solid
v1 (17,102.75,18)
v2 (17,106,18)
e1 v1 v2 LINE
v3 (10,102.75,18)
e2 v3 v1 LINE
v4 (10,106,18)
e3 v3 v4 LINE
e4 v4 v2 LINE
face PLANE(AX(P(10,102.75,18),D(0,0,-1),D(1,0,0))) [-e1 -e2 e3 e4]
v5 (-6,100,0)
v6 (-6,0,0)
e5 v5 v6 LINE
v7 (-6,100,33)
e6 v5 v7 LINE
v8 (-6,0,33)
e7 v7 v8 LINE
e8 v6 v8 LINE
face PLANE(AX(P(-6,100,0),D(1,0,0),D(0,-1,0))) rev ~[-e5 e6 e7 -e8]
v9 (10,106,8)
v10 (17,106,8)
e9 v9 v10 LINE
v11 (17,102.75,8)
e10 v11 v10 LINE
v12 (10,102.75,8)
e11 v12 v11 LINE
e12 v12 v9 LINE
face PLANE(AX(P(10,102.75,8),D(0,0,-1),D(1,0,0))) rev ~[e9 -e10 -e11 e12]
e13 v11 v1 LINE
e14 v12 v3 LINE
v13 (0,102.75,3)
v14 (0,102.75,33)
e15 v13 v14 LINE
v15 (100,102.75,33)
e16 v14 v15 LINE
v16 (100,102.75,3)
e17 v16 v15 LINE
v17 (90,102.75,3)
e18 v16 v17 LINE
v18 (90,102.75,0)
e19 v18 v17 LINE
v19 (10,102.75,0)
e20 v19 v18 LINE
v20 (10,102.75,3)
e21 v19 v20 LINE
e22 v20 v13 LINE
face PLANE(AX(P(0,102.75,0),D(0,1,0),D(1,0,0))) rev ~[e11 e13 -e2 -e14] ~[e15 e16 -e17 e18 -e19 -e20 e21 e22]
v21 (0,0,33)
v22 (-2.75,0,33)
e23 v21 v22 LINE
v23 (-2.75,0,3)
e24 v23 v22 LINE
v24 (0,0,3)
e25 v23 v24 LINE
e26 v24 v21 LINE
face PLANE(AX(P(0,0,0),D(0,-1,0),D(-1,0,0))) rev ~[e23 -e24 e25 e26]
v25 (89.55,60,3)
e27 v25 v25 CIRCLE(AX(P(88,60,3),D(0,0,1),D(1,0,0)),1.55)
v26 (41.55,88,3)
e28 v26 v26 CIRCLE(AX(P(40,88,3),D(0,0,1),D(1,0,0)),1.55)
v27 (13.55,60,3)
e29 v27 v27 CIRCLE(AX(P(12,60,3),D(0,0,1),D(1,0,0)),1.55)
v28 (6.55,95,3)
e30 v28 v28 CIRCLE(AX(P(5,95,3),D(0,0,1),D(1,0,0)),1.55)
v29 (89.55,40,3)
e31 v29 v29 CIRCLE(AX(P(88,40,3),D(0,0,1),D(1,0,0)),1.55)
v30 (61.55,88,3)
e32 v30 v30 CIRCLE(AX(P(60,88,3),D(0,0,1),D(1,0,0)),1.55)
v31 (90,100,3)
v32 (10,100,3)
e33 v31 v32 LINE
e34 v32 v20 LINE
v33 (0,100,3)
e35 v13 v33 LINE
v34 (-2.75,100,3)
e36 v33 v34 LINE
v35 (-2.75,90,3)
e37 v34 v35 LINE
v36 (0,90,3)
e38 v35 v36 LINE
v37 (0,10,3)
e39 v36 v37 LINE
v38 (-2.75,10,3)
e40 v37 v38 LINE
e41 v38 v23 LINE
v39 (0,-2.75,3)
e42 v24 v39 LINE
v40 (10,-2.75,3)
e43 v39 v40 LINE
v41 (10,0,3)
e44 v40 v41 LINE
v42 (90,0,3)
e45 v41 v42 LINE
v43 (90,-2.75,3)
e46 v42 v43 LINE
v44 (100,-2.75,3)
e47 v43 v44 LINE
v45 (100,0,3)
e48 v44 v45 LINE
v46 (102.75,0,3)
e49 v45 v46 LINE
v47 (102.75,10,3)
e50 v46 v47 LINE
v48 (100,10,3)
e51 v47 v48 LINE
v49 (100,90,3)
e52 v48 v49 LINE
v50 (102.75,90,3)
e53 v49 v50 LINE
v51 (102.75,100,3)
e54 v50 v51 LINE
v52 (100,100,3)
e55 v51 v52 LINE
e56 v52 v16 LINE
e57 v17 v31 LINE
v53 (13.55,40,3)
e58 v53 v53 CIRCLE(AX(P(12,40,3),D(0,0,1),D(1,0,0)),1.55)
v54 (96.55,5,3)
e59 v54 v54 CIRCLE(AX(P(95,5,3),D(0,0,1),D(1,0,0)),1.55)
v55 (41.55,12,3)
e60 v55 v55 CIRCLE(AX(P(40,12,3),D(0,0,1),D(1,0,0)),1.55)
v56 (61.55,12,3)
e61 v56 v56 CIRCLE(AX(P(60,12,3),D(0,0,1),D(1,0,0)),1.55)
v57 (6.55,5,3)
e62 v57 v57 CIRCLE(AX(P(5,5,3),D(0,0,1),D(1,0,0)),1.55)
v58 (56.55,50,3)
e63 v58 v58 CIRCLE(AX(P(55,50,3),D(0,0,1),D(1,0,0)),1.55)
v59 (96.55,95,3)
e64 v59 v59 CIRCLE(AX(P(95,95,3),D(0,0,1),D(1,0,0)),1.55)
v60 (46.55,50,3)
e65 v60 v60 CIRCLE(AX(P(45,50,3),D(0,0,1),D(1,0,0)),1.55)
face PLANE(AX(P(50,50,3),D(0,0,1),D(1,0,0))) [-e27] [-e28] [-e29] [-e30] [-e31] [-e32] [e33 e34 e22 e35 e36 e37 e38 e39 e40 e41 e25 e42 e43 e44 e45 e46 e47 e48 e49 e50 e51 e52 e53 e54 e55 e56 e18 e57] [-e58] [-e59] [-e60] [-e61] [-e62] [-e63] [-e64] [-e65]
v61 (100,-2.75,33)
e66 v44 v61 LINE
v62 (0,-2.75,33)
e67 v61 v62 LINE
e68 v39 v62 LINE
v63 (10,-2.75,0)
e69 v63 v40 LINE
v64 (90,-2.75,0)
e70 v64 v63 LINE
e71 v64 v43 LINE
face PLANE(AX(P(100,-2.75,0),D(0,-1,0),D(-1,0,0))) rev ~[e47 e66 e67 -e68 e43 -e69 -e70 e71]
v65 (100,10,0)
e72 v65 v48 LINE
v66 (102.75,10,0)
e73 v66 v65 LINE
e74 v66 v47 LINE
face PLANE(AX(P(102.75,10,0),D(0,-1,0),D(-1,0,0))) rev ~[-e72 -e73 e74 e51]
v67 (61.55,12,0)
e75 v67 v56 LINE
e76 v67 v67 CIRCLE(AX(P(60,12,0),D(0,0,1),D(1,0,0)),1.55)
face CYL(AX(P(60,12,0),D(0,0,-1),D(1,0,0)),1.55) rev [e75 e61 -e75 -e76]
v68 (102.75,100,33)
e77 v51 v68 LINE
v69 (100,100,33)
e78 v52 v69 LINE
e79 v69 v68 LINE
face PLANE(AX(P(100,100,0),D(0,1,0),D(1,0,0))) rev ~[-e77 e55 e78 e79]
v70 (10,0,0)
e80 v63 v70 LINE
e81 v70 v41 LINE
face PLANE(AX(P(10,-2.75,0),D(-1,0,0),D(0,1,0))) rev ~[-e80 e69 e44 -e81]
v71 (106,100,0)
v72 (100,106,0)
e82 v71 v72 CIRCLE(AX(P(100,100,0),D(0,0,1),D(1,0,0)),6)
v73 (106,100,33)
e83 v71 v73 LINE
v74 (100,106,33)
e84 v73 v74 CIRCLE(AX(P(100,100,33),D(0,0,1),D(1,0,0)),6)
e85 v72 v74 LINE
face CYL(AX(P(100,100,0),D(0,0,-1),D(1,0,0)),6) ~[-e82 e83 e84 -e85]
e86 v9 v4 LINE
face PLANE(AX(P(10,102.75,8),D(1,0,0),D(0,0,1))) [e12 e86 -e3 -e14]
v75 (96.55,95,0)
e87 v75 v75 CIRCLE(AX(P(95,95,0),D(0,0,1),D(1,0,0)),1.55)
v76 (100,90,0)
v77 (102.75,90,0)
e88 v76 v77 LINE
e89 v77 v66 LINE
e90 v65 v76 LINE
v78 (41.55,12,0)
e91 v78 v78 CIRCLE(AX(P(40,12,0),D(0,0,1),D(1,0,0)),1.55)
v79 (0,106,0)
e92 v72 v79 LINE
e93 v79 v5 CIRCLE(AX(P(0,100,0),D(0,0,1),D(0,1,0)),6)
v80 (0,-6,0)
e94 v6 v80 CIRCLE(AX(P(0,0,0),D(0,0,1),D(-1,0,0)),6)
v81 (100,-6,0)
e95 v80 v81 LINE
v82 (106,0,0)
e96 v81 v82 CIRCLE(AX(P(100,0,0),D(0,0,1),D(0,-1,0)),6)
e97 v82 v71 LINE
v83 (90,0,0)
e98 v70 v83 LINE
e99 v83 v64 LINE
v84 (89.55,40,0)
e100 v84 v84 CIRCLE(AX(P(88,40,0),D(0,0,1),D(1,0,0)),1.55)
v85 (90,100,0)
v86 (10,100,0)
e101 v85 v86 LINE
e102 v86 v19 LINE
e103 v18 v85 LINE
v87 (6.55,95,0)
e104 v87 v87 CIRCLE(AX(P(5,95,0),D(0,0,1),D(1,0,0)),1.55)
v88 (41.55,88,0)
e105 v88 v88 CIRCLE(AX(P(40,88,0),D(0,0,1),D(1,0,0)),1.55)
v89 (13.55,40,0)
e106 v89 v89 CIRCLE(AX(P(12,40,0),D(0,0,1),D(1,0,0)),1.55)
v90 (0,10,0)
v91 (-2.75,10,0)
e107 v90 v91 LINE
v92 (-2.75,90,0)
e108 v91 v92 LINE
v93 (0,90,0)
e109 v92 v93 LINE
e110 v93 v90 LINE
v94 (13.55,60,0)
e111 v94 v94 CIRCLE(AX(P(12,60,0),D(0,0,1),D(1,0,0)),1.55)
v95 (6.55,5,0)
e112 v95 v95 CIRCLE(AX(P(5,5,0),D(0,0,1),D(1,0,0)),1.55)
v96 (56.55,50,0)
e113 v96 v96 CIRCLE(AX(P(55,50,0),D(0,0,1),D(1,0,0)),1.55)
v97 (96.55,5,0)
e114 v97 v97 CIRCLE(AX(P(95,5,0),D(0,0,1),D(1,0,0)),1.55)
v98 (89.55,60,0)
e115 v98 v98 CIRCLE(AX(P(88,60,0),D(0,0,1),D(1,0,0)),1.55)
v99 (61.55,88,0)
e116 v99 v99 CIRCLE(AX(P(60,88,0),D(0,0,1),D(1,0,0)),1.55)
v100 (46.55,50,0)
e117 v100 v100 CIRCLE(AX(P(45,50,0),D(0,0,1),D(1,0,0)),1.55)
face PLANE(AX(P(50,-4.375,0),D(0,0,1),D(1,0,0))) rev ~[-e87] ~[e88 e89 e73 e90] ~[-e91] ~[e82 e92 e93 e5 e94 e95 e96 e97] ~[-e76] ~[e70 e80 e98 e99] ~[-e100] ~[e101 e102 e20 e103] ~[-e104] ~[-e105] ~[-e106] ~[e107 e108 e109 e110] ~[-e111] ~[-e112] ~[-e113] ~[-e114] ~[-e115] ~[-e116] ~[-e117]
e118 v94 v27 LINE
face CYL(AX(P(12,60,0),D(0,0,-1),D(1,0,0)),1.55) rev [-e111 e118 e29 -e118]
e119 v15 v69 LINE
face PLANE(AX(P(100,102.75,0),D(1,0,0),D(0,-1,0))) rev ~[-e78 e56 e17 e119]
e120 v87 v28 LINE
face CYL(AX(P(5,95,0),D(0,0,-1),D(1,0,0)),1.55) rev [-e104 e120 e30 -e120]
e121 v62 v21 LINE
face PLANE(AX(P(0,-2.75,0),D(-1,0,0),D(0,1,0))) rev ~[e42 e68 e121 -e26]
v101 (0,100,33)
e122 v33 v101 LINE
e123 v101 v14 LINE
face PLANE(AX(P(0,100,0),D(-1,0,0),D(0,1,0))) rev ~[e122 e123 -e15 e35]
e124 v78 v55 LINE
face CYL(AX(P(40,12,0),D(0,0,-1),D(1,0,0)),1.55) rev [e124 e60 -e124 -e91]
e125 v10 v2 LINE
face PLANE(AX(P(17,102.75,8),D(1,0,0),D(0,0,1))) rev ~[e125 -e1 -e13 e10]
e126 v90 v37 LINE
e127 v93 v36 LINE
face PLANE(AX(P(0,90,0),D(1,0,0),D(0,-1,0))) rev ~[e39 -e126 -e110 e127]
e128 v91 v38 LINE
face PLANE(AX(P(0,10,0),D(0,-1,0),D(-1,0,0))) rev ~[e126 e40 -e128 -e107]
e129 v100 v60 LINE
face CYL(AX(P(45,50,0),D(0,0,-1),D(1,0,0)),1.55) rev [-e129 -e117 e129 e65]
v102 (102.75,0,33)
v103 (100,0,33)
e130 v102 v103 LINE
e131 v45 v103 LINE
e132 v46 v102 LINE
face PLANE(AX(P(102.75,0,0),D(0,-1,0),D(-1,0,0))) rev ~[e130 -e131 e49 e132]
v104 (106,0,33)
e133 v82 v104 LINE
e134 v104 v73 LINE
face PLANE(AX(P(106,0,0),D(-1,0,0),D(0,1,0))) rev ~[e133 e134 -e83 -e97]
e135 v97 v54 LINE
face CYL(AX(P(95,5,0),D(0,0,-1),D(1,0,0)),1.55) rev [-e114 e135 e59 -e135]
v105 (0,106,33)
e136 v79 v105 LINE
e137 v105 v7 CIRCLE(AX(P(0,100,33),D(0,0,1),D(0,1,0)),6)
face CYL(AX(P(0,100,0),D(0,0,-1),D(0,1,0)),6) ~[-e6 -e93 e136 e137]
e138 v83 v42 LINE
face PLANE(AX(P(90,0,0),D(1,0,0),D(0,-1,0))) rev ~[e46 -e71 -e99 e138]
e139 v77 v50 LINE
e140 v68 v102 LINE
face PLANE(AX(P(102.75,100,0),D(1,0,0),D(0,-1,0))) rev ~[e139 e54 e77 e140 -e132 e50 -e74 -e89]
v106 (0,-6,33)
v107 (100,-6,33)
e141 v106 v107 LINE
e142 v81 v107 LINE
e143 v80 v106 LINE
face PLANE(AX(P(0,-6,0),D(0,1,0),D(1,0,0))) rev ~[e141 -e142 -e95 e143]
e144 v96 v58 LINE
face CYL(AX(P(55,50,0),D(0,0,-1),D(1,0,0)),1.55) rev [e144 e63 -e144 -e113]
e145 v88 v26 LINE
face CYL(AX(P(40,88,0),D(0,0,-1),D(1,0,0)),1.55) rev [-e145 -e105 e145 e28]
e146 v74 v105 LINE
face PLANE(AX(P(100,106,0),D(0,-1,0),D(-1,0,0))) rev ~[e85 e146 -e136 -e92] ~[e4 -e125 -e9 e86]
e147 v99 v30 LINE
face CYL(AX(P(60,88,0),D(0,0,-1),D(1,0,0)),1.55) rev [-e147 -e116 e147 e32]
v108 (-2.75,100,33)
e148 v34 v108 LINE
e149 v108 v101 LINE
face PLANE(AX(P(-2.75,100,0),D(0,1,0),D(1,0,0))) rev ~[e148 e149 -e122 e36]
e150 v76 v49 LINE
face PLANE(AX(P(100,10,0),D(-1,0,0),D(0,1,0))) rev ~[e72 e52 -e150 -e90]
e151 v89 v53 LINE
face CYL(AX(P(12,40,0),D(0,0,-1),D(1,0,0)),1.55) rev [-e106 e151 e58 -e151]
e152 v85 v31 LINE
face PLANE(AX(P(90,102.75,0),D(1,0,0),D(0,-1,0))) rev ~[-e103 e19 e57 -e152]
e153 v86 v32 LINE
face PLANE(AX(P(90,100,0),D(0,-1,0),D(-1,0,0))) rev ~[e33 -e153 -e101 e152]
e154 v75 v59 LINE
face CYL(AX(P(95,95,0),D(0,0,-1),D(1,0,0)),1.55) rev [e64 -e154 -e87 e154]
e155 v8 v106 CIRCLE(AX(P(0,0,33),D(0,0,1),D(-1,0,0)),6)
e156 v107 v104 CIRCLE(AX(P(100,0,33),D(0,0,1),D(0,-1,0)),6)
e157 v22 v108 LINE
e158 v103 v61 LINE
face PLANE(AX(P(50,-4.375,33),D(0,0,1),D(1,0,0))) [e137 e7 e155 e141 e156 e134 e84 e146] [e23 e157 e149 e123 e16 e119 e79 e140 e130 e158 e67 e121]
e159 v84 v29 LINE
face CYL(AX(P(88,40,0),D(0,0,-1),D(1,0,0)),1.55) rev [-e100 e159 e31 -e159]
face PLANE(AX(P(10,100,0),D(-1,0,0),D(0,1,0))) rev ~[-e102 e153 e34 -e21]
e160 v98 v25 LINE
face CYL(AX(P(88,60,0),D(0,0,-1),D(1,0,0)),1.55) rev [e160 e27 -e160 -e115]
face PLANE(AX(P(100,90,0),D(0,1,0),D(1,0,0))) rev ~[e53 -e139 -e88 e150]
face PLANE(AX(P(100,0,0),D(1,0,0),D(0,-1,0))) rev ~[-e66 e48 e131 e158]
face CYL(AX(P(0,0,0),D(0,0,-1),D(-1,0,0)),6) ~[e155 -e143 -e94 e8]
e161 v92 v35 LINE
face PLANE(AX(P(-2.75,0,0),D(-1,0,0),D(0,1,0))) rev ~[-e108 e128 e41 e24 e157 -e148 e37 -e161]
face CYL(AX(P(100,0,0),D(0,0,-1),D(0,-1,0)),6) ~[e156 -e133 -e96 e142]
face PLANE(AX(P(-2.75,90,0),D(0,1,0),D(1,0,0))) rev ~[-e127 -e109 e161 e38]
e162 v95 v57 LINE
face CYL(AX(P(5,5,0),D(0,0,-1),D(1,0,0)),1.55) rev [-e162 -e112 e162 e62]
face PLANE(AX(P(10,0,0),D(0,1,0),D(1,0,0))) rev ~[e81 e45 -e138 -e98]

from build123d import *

# Parameters (mm, degrees)
SKETCH_1_R          = 1.55
EXTRUDE_4_DEPTH     = 3
EXTRUDE_5_DEPTH     = 33
SKETCH_3_W          = 7
SKETCH_3_H          = 10
CUT_EXTRUDE_1_DEPTH = 6


with BuildPart() as part:
    # 草图1 → 凸台-拉伸4 (new body)
    with BuildSketch(Plane.XY):
        Polygon((0, 10), (-2.75, 10), (-2.75, 0), (0, 0), (0, -2.75), (10, -2.75), (10, 0), (50, 0), (90, 0), (90, -2.75), (100, -2.75), (100, 0), (102.75, 0), (102.75, 10), (100, 10), (100, 90), (102.75, 90), (102.75, 100), (100, 100), (100, 102.75), (90, 102.75), (90, 100), (50, 100), (10, 100), (10, 102.75), (0, 102.75), (0, 100), (-2.75, 100), (-2.75, 90), (0, 90), align=None)
        with Locations((45, 50)):
            Circle(SKETCH_1_R, mode=Mode.SUBTRACT)
        with Locations((55, 50)):
            Circle(SKETCH_1_R, mode=Mode.SUBTRACT)
        with Locations((5, 5)):
            Circle(SKETCH_1_R, mode=Mode.SUBTRACT)
        with Locations((95, 5)):
            Circle(SKETCH_1_R, mode=Mode.SUBTRACT)
        with Locations((40, 12)):
            Circle(SKETCH_1_R, mode=Mode.SUBTRACT)
        with Locations((60, 12)):
            Circle(SKETCH_1_R, mode=Mode.SUBTRACT)
        with Locations((95, 95)):
            Circle(SKETCH_1_R, mode=Mode.SUBTRACT)
        with Locations((5, 95)):
            Circle(SKETCH_1_R, mode=Mode.SUBTRACT)
        with Locations((12, 40)):
            Circle(SKETCH_1_R, mode=Mode.SUBTRACT)
        with Locations((88, 40)):
            Circle(SKETCH_1_R, mode=Mode.SUBTRACT)
        with Locations((88, 60)):
            Circle(SKETCH_1_R, mode=Mode.SUBTRACT)
        with Locations((12, 60)):
            Circle(SKETCH_1_R, mode=Mode.SUBTRACT)
        with Locations((40, 88)):
            Circle(SKETCH_1_R, mode=Mode.SUBTRACT)
        with Locations((60, 88)):
            Circle(SKETCH_1_R, mode=Mode.SUBTRACT)
    extrude(amount=EXTRUDE_4_DEPTH)

    # 草图1<8> → 凸台-拉伸5 (add)
    with BuildSketch(Plane.XY):
        with BuildLine():
            ThreePointArc((-6, 0), (-4.242640687, -4.242640687), (0, -6))
            Line((0, -6), (100, -6))
            ThreePointArc((100, -6), (104.242640687, -4.242640687), (106, 0))
            Line((106, 0), (106, 100))
            ThreePointArc((106, 100), (104.242640687, 104.242640687), (100, 106))
            Line((100, 106), (0, 106))
            ThreePointArc((0, 106), (-4.242640687, 104.242640687), (-6, 100))
            Line((-6, 100), (-6, 0))
        make_face()
        Polygon((0, -2.75), (0, 0), (-2.75, 0), (-2.75, 100), (0, 100), (0, 102.75), (100, 102.75), (100, 100), (102.75, 100), (102.75, 0), (100, 0), (100, -2.75), align=None, mode=Mode.SUBTRACT)
    extrude(amount=EXTRUDE_5_DEPTH)

    # 草图3 → 切除-拉伸1 (cut)
    with BuildSketch(Plane.XZ.offset(-102.75)):
        with Locations((13.5, 13)):
            Rectangle(SKETCH_3_W, SKETCH_3_H)
    extrude(amount=-CUT_EXTRUDE_1_DEPTH, mode=Mode.SUBTRACT)


solid = part.part
